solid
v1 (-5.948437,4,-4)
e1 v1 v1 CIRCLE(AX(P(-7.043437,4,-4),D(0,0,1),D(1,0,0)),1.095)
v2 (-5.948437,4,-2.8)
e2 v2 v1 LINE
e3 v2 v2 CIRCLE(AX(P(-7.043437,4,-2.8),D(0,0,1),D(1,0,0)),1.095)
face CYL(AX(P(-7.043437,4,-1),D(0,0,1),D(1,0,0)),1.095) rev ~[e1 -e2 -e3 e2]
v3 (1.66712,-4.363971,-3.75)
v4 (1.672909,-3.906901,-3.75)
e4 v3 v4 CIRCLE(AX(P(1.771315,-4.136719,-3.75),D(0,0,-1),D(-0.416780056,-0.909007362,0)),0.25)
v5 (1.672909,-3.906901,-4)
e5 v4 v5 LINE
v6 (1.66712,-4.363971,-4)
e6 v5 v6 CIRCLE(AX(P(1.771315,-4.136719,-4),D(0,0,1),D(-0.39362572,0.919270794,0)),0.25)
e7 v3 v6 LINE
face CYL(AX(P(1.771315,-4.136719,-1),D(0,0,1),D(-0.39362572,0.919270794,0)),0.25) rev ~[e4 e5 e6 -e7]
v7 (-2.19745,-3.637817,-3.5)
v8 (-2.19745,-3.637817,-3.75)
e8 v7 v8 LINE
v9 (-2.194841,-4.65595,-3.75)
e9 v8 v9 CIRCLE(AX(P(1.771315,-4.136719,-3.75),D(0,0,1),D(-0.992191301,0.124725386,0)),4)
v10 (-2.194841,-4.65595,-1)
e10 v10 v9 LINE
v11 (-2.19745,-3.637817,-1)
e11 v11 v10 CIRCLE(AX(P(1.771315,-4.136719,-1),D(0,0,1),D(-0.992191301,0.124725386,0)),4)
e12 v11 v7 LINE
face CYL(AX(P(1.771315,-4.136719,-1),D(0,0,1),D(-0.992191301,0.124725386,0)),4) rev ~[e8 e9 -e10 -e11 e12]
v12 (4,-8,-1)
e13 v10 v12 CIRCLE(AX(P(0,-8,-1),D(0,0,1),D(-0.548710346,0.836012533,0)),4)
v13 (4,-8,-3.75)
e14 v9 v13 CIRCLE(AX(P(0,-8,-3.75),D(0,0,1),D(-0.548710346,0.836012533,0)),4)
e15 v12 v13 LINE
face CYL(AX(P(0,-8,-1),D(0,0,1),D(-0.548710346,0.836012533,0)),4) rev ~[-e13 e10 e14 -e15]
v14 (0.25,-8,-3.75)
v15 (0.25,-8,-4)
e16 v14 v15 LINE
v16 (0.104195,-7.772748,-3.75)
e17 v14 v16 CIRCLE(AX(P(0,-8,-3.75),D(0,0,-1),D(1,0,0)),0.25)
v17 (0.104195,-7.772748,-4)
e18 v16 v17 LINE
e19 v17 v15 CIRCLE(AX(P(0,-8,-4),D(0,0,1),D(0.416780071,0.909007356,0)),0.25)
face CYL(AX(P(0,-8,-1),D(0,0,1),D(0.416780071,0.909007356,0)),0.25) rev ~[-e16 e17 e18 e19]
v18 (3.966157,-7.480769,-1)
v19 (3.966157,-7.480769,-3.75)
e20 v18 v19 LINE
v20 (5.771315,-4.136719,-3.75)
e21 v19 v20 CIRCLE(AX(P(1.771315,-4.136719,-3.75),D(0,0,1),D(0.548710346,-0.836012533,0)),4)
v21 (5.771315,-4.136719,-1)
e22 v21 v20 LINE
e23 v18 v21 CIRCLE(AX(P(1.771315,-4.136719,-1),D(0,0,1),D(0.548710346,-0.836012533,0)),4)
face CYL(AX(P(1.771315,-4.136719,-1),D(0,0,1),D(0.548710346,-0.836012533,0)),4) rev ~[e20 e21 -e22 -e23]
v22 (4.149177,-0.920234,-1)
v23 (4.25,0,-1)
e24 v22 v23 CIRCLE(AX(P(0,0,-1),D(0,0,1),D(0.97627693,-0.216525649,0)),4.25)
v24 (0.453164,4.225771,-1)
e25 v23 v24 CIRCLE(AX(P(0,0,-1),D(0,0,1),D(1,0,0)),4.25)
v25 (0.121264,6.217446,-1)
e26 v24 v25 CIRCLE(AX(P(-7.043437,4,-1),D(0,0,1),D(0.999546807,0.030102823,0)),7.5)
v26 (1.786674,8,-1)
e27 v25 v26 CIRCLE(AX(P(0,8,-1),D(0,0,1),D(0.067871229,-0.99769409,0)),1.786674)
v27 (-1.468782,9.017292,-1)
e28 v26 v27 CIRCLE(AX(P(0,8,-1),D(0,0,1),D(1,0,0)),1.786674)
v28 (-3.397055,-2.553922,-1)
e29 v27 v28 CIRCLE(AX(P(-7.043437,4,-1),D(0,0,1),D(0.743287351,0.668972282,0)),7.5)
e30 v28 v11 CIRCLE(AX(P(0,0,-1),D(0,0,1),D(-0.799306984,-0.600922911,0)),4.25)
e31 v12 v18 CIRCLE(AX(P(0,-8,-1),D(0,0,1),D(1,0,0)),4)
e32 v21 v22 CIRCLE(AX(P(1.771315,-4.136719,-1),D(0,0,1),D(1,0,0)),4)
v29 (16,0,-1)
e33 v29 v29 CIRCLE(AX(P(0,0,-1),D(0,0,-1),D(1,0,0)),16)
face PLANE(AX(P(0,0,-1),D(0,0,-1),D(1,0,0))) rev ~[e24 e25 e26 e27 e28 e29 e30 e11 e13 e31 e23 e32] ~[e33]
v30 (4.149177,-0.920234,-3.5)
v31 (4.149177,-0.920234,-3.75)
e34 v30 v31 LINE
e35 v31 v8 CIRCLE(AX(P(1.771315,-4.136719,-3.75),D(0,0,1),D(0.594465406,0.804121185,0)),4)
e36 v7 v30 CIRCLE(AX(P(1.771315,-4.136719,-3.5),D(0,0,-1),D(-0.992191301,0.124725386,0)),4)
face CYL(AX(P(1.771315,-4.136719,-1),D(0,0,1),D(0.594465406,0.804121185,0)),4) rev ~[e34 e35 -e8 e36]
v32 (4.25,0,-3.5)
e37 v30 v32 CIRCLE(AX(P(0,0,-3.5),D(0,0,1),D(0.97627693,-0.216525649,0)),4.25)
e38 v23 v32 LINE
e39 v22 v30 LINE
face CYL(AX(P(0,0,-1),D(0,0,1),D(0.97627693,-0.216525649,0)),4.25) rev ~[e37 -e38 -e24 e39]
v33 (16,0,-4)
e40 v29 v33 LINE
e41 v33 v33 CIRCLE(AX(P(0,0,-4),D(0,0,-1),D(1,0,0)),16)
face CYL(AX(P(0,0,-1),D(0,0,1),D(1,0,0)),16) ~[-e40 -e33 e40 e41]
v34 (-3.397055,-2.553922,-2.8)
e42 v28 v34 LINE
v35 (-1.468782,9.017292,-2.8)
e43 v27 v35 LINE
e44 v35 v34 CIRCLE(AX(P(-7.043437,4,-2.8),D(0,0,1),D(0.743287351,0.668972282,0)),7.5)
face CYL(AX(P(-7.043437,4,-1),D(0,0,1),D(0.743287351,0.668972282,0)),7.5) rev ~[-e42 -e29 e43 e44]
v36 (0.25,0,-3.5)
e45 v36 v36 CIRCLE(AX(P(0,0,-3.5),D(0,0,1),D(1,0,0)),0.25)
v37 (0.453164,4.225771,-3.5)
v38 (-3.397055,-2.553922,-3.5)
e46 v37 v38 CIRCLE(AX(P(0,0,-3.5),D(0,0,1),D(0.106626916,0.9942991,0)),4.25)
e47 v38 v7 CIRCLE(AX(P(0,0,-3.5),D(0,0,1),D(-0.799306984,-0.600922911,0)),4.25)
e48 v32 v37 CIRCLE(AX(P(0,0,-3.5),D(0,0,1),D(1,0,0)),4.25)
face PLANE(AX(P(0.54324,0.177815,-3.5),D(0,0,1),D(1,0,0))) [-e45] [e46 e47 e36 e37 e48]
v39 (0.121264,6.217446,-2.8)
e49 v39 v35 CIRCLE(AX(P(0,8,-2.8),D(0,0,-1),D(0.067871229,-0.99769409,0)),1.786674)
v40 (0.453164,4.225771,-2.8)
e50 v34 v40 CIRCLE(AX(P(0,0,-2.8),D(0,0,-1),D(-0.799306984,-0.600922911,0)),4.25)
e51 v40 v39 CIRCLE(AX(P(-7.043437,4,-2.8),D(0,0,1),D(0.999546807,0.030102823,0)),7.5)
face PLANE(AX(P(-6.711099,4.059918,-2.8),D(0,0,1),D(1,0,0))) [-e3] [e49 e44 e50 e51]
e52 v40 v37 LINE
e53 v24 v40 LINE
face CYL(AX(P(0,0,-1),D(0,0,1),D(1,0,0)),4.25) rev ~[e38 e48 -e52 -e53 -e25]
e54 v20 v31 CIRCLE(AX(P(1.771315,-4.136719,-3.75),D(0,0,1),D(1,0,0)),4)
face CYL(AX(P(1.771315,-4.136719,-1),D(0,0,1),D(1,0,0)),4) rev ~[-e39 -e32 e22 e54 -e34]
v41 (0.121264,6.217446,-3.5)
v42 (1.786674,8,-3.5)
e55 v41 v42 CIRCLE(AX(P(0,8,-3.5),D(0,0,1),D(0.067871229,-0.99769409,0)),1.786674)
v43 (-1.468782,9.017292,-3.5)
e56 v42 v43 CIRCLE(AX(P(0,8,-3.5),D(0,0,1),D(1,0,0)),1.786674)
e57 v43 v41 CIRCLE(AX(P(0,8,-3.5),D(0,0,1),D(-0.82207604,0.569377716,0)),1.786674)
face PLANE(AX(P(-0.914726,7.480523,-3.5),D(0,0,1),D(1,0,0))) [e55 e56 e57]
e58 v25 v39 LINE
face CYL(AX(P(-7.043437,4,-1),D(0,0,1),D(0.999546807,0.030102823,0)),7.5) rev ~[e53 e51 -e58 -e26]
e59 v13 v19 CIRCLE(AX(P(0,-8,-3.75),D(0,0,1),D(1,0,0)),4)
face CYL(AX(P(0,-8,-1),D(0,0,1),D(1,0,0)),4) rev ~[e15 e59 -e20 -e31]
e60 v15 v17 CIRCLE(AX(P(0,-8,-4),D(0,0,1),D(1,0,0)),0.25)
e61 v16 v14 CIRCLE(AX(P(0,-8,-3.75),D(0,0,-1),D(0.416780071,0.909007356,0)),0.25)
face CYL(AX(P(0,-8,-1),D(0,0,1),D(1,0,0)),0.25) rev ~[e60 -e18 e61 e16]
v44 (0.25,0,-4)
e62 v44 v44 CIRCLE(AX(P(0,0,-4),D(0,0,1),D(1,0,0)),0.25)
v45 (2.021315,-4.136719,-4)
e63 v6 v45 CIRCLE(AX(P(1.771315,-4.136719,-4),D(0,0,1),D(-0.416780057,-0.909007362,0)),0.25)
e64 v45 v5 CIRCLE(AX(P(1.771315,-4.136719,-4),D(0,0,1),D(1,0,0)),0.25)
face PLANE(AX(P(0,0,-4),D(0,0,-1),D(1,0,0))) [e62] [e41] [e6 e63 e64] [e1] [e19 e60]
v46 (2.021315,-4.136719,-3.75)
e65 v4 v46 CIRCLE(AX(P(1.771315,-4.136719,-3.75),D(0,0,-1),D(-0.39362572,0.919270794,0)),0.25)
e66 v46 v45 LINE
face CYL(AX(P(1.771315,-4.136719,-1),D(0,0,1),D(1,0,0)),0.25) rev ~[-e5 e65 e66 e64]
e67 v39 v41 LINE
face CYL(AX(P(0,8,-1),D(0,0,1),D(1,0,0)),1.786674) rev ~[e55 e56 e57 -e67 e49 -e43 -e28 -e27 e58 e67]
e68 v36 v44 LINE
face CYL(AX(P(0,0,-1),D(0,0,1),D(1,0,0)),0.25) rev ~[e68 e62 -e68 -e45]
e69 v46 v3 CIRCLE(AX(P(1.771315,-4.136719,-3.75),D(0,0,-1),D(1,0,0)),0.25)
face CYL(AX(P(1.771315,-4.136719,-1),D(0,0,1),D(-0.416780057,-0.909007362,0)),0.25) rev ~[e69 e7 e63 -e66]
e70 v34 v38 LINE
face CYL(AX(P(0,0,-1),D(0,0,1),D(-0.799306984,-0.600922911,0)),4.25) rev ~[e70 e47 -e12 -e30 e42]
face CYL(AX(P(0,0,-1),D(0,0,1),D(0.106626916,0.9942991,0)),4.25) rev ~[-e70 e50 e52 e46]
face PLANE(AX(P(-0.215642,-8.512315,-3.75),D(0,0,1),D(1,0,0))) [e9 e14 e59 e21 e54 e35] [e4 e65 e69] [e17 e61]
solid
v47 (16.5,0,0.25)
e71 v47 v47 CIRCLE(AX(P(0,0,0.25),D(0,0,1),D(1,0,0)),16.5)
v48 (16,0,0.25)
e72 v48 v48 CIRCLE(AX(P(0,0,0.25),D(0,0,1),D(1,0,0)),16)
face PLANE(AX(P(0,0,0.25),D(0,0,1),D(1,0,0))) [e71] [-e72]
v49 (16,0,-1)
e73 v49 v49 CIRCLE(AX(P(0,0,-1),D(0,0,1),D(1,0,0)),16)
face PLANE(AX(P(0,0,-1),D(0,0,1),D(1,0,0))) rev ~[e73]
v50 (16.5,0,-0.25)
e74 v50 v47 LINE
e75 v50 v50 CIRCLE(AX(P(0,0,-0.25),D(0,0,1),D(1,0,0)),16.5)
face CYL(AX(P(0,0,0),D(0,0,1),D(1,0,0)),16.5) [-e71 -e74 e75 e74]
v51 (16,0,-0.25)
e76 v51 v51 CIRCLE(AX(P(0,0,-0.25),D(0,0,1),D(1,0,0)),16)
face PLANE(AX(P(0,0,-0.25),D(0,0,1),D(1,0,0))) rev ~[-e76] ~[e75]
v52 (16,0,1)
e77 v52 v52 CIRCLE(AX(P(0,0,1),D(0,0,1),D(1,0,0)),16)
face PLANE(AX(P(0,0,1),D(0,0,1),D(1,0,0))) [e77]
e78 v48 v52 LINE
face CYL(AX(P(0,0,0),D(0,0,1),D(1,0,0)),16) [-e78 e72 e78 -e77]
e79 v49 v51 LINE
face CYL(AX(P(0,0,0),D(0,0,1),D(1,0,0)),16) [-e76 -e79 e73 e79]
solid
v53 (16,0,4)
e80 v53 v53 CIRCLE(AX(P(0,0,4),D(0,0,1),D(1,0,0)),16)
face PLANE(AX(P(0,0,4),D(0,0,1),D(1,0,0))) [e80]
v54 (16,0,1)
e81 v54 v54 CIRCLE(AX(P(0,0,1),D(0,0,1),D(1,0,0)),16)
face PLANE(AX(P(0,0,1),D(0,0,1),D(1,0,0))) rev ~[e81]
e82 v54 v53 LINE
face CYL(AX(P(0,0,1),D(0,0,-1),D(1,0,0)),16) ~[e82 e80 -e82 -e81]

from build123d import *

# Parameters (mm, degrees)
F0_R      = 16
F1_DEPTH  = 1
F0_R_2    = 16.5
F2_DEPTH  = 0.25
F3_R      = 16
F4_DEPTH  = 3
F5_R      = 16
F6_DEPTH  = 3
F8_DEPTH  = 3.001
F9_DEPTH  = 2.75
F7_R      = 0.25
F10_DEPTH = 3.001
F11_DEPTH = 2.5
F7_R_2    = 1.095
F12_DEPTH = 3.001
F13_DEPTH = 1.8
F14_DEPTH = 2.75
F15_DEPTH = 3.001
F16_DEPTH = 2.5


with BuildPart() as f1:
    # F0 (on Top) → F1 (new body, symmetric)
    with BuildSketch(Plane.XY):
        Circle(F0_R)
    extrude(amount=F1_DEPTH, both=True)

    # F0 (on Top) → F2 (join, symmetric)
    with BuildSketch(Plane.XY):
        Circle(F0_R_2)
        Circle(F0_R, mode=Mode.SUBTRACT)
    extrude(amount=F2_DEPTH, both=True)


with BuildPart() as f4:
    # F3 (on face) → F4 (new body)
    with BuildSketch(Plane.XY.offset(1)):
        Circle(F3_R)
    extrude(amount=F4_DEPTH)


with BuildPart() as f6:
    # F5 (on face) → F6 (new body)
    with BuildSketch(Plane(origin=(0, 0, -1), x_dir=(1, 0, 0), z_dir=(0, 0, -1))):
        Circle(F5_R)
    extrude(amount=F6_DEPTH)

    # F7 (on face) → F8 (cut, through all)
    with BuildSketch(Plane.XY.offset(-1)):
        with BuildLine():
            ThreePointArc((1.6671203117, -4.3639705905), (1.906317634, -4.3471335232), (2.0213153258, -4.13671875))
            ThreePointArc((2.0213153258, -4.13671875), (1.9089714055, -3.9280304568), (1.6729088959, -3.9069010515))
            ThreePointArc((1.6729088959, -3.9069010515), (1.5213353723, -4.133552864), (1.6671203117, -4.3639705905))
        make_face()
    extrude(amount=-F8_DEPTH, mode=Mode.SUBTRACT)

    # F7 (on face) → F9 (cut)
    with BuildSketch(Plane.XY.offset(-1)):
        with BuildLine():
            ThreePointArc((1.6671203117, -4.3639705905), (1.5213353723, -4.133552864), (1.6729088959, -3.9069010515))
            ThreePointArc((1.6729088959, -3.9069010515), (1.3446888601, -4.0316636603), (1.0072900172, -4.12890625))
            ThreePointArc((1.0072900172, -4.12890625), (1.3423604072, -4.2319675509), (1.6671203117, -4.3639705905))
        make_face()
        with BuildLine():
            ThreePointArc((1.6729088959, -3.9069010515), (1.9089714055, -3.9280304568), (2.0213153258, -4.13671875))
            ThreePointArc((2.0213153258, -4.13671875), (1.906317634, -4.3471335232), (1.6671203117, -4.3639705905))
            ThreePointArc((1.6671203117, -4.3639705905), (3.2190154397, -5.6255654149), (3.96615671, -7.4807688839))
            ThreePointArc((3.96615671, -7.4807688839), (5.2912134448, -6.0368022302), (5.7713153258, -4.13671875))
            ThreePointArc((5.7713153258, -4.13671875), (5.3428308655, -2.3355311557), (4.1491769509, -0.9202340085))
            ThreePointArc((4.1491769509, -0.9202340085), (3.2717298037, -2.7126157287), (1.6729088959, -3.9069010515))
        make_face()
        with BuildLine():
            ThreePointArc((1.0072900172, -4.12890625), (1.3446888601, -4.0316636603), (1.6729088959, -3.9069010515))
            ThreePointArc((1.6729088959, -3.9069010515), (3.2717298037, -2.7126157287), (4.1491769509, -0.9202340085))
            ThreePointArc((4.1491769509, -0.9202340085), (0.196812814, -0.4596354167), (-2.1974498789, -3.6378172067))
            ThreePointArc((-2.1974498789, -3.6378172067), (-1.6210742002, -3.9286916954), (-1.0072900172, -4.12890625))
            ThreePointArc((-1.0072900172, -4.12890625), (0, -4), (1.0072900172, -4.12890625))
        make_face()
        with BuildLine():
            ThreePointArc((3.96615671, -7.4807688839), (3.2190154397, -5.6255654149), (1.6671203117, -4.3639705905))
            ThreePointArc((1.6671203117, -4.3639705905), (1.3423604072, -4.2319675509), (1.0072900172, -4.12890625))
            ThreePointArc((1.0072900172, -4.12890625), (0, -4.25), (-1.0072900172, -4.12890625))
            ThreePointArc((-1.0072900172, -4.12890625), (-1.6226075068, -4.3438893782), (-2.1948413842, -4.6559498661))
            ThreePointArc((-2.1948413842, -4.6559498661), (-1.4477001127, -6.5111533367), (0.1041950177, -7.7727481611))
            ThreePointArc((0.1041950177, -7.7727481611), (2.0728702265, -8.1253356333), (3.96615671, -7.4807688839))
        make_face()
        with BuildLine():
            ThreePointArc((-2.1948413842, -4.6559498661), (-1.6226075068, -4.3438893782), (-1.0072900172, -4.12890625))
            ThreePointArc((-1.0072900172, -4.12890625), (-1.6210742002, -3.9286916954), (-2.1974498789, -3.6378172067))
            ThreePointArc((-2.1974498789, -3.6378172067), (-2.2286715462, -4.146966869), (-2.1948413842, -4.6559498661))
        make_face()
        with BuildLine():
            ThreePointArc((-1.0072900172, -4.12890625), (0, -4.25), (1.0072900172, -4.12890625))
            ThreePointArc((1.0072900172, -4.12890625), (0, -4), (-1.0072900172, -4.12890625))
        make_face()
    extrude(amount=-F9_DEPTH, mode=Mode.SUBTRACT)

    # F7 (on face) → F10 (cut, through all)
    with BuildSketch(Plane.XY.offset(-1)):
        Circle(F7_R)
    extrude(amount=-F10_DEPTH, mode=Mode.SUBTRACT)

    # F7 (on face) → F11 (cut)
    with BuildSketch(Plane.XY.offset(-1)):
        with BuildLine():
            ThreePointArc((-2.1974498789, -3.6378172067), (0.196812814, -0.4596354167), (4.1491769509, -0.9202340085))
            ThreePointArc((4.1491769509, -0.9202340085), (4.2247190463, -0.46287037), (4.25, 0))
            ThreePointArc((4.25, 0), (3.1613643157, 2.8404710284), (0.4531643937, 4.225771176))
            ThreePointArc((0.4531643937, 4.225771176), (0.4557135544, 4.1128983799), (0.4565633388, 4))
            ThreePointArc((0.4565633388, 4), (-0.578227274, 0.1985440185), (-3.3970546824, -2.5539223725))
            ThreePointArc((-3.3970546824, -2.5539223725), (-2.8492678576, -3.1534382308), (-2.1974498789, -3.6378172067))
        make_face()
        Circle(F7_R, mode=Mode.SUBTRACT)
        with BuildLine():
            ThreePointArc((0.4531643937, 4.225771176), (-3.6956303469, 2.0987654321), (-3.3970546824, -2.5539223725))
            ThreePointArc((-3.3970546824, -2.5539223725), (-0.578227274, 0.1985440185), (0.4565633388, 4))
            ThreePointArc((0.4565633388, 4), (0.4557135544, 4.1128983799), (0.4531643937, 4.225771176))
        make_face()
    extrude(amount=-F11_DEPTH, mode=Mode.SUBTRACT)

    # F7 (on face) → F12 (cut, through all)
    with BuildSketch(Plane.XY.offset(-1)):
        with Locations((-7.0434366612, 4)):
            Circle(F7_R_2)
    extrude(amount=-F12_DEPTH, mode=Mode.SUBTRACT)

    # F7 (on face) → F13 (cut)
    with BuildSketch(Plane.XY.offset(-1)):
        with BuildLine():
            ThreePointArc((-1.4687815286, 9.0172921136), (-14.4414183132, 5.2328290543), (-3.3970546824, -2.5539223725))
            ThreePointArc((-3.3970546824, -2.5539223725), (-3.6956303469, 2.0987654321), (0.4531643937, 4.225771176))
            ThreePointArc((0.4531643937, 4.225771176), (0.3545449908, 5.2328290543), (0.1212637306, 6.2174463456))
            ThreePointArc((0.1212637306, 6.2174463456), (-1.5536200099, 7.1176920673), (-1.4687815286, 9.0172921136))
        make_face()
        with Locations((-7.0434366612, 4)):
            Circle(F7_R_2, mode=Mode.SUBTRACT)
        with BuildLine():
            ThreePointArc((1.7866735637, 8), (0.5329020994, 9.7053497517), (-1.4687815286, 9.0172921136))
            ThreePointArc((-1.4687815286, 9.0172921136), (-0.521736049, 7.7037037037), (0.1212637306, 6.2174463456))
            ThreePointArc((0.1212637306, 6.2174463456), (1.3055384186, 6.7802574613), (1.7866735637, 8))
        make_face()
    extrude(amount=-F13_DEPTH, mode=Mode.SUBTRACT)

    # F7 (on face) → F14 (cut, through all)
    with BuildSketch(Plane.XY.offset(-1)):
        with BuildLine():
            ThreePointArc((4, -8), (3.9915302103, -7.7398335532), (3.96615671, -7.4807688839))
            ThreePointArc((3.96615671, -7.4807688839), (2.0728702265, -8.1253356333), (0.1041950177, -7.7727481611))
            ThreePointArc((0.1041950177, -7.7727481611), (-1.4477001127, -6.5111533367), (-2.1948413842, -4.6559498661))
            ThreePointArc((-2.1948413842, -4.6559498661), (-1.9000834802, -11.519898119), (4, -8))
        make_face()
        with BuildLine():
            ThreePointArc((0.25, -8), (-0.2104147742, -8.1350023066), (0.1041950177, -7.7727481611))
            ThreePointArc((0.1041950177, -7.7727481611), (0.2104147742, -7.8649976934), (0.25, -8))
        make_face(mode=Mode.SUBTRACT)
        with BuildLine():
            ThreePointArc((3.96615671, -7.4807688839), (3.2190154397, -5.6255654149), (1.6671203117, -4.3639705905))
            ThreePointArc((1.6671203117, -4.3639705905), (1.3423604072, -4.2319675509), (1.0072900172, -4.12890625))
            ThreePointArc((1.0072900172, -4.12890625), (0, -4.25), (-1.0072900172, -4.12890625))
            ThreePointArc((-1.0072900172, -4.12890625), (-1.6226075068, -4.3438893782), (-2.1948413842, -4.6559498661))
            ThreePointArc((-2.1948413842, -4.6559498661), (-1.4477001127, -6.5111533367), (0.1041950177, -7.7727481611))
            ThreePointArc((0.1041950177, -7.7727481611), (2.0728702265, -8.1253356333), (3.96615671, -7.4807688839))
        make_face()
        with BuildLine():
            ThreePointArc((-1.0072900172, -4.12890625), (0, -4.25), (1.0072900172, -4.12890625))
            ThreePointArc((1.0072900172, -4.12890625), (0, -4), (-1.0072900172, -4.12890625))
        make_face()
    extrude(amount=-F14_DEPTH, mode=Mode.SUBTRACT)

    # F7 (on face) → F15 (cut, through all)
    with BuildSketch(Plane.XY.offset(-1)):
        with BuildLine():
            ThreePointArc((0.25, -8), (0.2104147742, -7.8649976934), (0.1041950177, -7.7727481611))
            ThreePointArc((0.1041950177, -7.7727481611), (-0.2104147742, -8.1350023066), (0.25, -8))
        make_face()
    extrude(amount=-F15_DEPTH, mode=Mode.SUBTRACT)

    # F7 (on face) → F16 (cut, through all)
    with BuildSketch(Plane.XY.offset(-1)):
        with BuildLine():
            ThreePointArc((0.1212637306, 6.2174463456), (-0.521736049, 7.7037037037), (-1.4687815286, 9.0172921136))
            ThreePointArc((-1.4687815286, 9.0172921136), (-1.5536200099, 7.1176920673), (0.1212637306, 6.2174463456))
        make_face()
        with BuildLine():
            ThreePointArc((1.7866735637, 8), (0.5329020994, 9.7053497517), (-1.4687815286, 9.0172921136))
            ThreePointArc((-1.4687815286, 9.0172921136), (-0.521736049, 7.7037037037), (0.1212637306, 6.2174463456))
            ThreePointArc((0.1212637306, 6.2174463456), (1.3055384186, 6.7802574613), (1.7866735637, 8))
        make_face()
    extrude(amount=-F16_DEPTH, mode=Mode.SUBTRACT)


solid = Compound([f1.part, f4.part, f6.part])
